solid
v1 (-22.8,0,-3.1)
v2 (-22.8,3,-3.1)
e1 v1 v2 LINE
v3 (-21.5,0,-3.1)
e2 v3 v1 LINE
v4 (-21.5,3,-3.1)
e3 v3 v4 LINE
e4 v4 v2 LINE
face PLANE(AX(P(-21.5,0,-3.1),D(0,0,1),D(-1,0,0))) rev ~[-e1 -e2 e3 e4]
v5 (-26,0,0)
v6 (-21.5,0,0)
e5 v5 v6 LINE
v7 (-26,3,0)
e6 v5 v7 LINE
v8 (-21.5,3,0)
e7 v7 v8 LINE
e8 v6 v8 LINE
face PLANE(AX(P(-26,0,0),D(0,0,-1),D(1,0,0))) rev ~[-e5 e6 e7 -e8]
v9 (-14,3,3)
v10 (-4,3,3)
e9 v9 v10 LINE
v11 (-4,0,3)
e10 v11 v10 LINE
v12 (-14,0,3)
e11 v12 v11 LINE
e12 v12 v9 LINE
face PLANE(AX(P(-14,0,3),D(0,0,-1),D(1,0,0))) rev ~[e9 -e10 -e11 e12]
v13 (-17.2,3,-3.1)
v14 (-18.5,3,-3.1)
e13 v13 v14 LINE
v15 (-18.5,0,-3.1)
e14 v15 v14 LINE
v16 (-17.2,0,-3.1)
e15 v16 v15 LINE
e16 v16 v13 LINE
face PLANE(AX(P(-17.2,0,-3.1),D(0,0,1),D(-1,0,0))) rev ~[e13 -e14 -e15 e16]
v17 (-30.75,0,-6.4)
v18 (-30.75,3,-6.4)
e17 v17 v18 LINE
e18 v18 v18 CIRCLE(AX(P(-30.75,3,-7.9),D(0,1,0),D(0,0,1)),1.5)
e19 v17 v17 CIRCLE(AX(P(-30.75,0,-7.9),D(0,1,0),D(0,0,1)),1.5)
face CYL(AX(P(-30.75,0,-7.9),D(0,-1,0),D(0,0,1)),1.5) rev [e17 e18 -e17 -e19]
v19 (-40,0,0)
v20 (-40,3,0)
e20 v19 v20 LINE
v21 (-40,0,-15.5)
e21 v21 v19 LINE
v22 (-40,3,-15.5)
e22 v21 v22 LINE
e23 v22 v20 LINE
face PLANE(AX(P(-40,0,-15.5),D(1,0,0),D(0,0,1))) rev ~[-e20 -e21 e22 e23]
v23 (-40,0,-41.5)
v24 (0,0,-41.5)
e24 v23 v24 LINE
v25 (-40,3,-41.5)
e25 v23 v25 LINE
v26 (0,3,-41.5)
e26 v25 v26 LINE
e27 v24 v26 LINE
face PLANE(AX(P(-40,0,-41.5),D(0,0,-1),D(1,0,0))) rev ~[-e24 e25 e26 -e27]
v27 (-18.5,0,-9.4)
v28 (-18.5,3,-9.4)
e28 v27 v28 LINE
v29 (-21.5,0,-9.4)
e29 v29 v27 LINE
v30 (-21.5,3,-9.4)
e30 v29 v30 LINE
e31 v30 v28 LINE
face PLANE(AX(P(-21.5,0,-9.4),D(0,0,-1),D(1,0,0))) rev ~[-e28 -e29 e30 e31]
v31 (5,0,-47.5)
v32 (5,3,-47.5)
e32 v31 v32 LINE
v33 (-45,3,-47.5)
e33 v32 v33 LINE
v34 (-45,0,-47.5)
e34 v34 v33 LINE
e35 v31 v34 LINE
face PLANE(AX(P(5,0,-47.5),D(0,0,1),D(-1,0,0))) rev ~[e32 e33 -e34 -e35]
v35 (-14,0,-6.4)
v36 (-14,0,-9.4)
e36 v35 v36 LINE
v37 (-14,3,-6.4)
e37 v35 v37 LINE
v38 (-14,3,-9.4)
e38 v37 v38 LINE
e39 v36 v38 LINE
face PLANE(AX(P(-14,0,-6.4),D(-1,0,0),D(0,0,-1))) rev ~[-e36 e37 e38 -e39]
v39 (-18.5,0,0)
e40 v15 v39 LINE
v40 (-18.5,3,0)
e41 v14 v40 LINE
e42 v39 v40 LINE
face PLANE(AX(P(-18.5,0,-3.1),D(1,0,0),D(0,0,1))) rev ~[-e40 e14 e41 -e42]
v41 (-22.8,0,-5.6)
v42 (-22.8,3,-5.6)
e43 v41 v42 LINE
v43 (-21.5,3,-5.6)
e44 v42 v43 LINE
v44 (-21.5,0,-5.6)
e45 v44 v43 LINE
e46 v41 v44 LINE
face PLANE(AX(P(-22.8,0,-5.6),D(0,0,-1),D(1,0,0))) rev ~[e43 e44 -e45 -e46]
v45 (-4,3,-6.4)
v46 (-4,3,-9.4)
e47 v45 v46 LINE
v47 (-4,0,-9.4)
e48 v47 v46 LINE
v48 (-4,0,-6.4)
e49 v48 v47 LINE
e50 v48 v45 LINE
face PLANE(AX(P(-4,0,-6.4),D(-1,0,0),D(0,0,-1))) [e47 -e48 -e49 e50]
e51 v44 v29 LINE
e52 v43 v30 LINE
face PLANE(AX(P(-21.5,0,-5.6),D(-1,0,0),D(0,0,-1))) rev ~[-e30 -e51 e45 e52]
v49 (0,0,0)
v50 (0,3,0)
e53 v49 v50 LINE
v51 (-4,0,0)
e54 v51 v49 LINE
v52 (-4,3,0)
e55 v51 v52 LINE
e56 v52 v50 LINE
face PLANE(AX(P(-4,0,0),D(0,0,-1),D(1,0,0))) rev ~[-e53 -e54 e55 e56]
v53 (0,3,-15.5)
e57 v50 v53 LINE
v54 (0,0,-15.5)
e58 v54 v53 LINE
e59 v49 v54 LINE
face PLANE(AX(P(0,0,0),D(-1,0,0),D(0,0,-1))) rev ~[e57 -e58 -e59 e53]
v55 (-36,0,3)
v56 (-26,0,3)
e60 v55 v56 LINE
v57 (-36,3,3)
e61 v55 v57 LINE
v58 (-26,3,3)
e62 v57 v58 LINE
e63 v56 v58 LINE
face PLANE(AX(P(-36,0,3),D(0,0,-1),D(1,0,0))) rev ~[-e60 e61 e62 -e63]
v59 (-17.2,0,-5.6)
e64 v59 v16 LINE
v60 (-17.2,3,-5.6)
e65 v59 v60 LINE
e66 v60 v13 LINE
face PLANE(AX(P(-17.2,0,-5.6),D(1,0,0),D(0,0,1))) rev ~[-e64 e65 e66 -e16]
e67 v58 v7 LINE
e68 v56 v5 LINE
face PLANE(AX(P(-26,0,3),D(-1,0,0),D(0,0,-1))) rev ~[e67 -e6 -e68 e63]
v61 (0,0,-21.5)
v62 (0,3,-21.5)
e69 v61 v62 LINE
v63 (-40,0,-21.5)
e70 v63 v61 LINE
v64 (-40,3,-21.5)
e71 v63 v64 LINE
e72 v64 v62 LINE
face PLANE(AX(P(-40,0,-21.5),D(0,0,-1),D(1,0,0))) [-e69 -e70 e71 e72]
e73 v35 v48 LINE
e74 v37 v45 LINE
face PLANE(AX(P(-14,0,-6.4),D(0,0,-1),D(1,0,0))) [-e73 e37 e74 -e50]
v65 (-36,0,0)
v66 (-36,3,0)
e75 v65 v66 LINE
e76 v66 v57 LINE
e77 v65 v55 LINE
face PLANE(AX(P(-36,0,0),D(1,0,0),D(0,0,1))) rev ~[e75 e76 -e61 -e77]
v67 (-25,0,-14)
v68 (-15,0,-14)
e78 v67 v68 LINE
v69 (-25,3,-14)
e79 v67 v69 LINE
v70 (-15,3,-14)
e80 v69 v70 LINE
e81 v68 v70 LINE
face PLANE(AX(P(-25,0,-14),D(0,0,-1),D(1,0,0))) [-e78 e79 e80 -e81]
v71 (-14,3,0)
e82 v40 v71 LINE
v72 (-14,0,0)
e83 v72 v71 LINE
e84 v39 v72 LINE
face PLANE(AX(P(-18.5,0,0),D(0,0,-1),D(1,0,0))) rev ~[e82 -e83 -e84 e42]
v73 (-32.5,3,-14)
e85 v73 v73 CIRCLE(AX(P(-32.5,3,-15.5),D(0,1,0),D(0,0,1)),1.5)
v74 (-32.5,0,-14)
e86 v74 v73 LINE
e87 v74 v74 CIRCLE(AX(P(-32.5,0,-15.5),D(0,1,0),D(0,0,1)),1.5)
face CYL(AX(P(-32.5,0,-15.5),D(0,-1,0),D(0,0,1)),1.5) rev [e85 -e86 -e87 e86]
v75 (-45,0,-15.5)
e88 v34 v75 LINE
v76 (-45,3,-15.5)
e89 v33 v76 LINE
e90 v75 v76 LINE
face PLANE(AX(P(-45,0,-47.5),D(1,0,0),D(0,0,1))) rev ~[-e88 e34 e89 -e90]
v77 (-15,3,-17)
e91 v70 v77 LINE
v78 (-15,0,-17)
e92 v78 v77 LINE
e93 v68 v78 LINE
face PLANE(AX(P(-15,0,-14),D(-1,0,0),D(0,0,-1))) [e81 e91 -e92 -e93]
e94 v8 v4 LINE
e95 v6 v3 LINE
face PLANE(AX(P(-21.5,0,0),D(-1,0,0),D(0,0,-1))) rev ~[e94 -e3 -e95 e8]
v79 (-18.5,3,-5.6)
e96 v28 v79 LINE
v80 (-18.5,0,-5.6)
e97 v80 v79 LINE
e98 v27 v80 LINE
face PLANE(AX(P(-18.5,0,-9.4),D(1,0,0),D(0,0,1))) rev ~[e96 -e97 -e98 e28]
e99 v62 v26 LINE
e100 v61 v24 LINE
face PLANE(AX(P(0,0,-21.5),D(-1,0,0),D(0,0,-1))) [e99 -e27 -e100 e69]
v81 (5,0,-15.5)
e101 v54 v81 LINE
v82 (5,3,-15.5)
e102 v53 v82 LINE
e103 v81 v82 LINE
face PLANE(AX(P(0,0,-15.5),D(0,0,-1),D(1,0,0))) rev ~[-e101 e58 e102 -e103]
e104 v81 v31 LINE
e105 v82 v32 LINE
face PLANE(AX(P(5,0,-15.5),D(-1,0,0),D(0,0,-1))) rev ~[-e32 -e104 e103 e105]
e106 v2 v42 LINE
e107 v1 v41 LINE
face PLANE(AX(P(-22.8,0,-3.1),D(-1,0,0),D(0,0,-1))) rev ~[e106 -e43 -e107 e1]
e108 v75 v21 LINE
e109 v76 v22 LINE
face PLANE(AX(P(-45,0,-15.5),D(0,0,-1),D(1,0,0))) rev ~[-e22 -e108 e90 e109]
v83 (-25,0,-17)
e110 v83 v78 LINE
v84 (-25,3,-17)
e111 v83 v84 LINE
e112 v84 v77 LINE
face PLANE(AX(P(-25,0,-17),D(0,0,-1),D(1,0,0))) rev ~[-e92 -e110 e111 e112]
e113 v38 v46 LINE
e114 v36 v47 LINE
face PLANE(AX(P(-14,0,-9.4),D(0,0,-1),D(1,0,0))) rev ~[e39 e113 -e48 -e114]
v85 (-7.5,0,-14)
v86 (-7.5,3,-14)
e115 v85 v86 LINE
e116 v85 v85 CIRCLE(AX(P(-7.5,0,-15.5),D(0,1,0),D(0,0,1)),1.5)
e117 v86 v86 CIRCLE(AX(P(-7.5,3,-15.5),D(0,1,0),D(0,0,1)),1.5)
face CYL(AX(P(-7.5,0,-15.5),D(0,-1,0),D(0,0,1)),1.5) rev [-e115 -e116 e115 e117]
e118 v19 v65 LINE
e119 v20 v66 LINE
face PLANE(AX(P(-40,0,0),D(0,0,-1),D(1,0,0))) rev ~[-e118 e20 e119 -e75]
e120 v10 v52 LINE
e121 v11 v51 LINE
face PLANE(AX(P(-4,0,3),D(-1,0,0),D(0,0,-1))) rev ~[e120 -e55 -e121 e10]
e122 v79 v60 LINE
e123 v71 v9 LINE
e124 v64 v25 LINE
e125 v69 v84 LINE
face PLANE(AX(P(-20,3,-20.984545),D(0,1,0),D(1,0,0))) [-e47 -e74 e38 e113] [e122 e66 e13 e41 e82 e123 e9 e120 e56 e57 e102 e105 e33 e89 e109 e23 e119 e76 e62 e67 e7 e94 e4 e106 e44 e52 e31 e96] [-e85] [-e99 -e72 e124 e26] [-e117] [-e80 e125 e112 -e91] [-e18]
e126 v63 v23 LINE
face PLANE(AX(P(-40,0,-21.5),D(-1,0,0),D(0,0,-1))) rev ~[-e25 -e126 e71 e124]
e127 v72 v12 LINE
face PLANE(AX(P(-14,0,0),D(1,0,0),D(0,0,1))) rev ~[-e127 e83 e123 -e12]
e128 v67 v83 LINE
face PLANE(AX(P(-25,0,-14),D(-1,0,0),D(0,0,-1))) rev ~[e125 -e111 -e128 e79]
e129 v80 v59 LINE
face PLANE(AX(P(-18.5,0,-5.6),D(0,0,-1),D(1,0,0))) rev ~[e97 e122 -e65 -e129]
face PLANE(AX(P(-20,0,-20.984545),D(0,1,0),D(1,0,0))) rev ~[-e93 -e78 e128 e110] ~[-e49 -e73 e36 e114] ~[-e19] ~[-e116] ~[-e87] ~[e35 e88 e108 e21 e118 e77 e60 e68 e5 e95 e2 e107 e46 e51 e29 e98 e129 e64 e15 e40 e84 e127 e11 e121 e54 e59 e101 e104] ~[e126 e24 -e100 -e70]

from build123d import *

# Parameters (mm, degrees)
SKETCH2_R           = 1.5
SKETCH2_W           = 40
SKETCH2_H           = 20
SKETCH2_W_2         = 10
SKETCH2_H_2         = 3
BOSS_EXTRUDE1_DEPTH = 3


with BuildPart() as part:
    # Sketch2 → Boss-Extrude1 (new body)
    with BuildSketch(Plane(origin=(0, 0, 0), x_dir=(1, 0, 0), z_dir=(0, 1, 0))):
        Polygon((0, 15.5), (5, 15.5), (5, 47.5), (-45, 47.5), (-45, 15.5), (-40, 15.5), (-40, 0), (-36, 0), (-36, -3), (-26, -3), (-26, 0), (-21.5, 0), (-21.5, 3.1), (-22.8, 3.1), (-22.8, 5.6), (-21.5, 5.6), (-21.5, 9.4), (-18.5, 9.4), (-18.5, 5.6), (-17.2, 5.6), (-17.2, 3.1), (-18.5, 3.1), (-18.5, 0), (-14, 0), (-14, -3), (-4, -3), (-4, 0), (0, 0), align=None)
        with Locations(Location((-7.5, 15.5, 0), (0, 0, 270))):
            Circle(SKETCH2_R, mode=Mode.SUBTRACT)
        with Locations(Location((-32.5, 15.5, 0), (0, 0, 270))):
            Circle(SKETCH2_R, mode=Mode.SUBTRACT)
        with Locations(Location((-30.75, 7.9, 0), (0, 0, 270))):
            Circle(SKETCH2_R, mode=Mode.SUBTRACT)
        with Locations((-20, 31.5)):
            Rectangle(SKETCH2_W, SKETCH2_H, mode=Mode.SUBTRACT)
        with Locations((-20, 15.5)):
            Rectangle(SKETCH2_W_2, SKETCH2_H_2, mode=Mode.SUBTRACT)
        with Locations((-9, 7.9)):
            Rectangle(SKETCH2_W_2, SKETCH2_H_2, mode=Mode.SUBTRACT)
    extrude(amount=BOSS_EXTRUDE1_DEPTH)


solid = part.part
